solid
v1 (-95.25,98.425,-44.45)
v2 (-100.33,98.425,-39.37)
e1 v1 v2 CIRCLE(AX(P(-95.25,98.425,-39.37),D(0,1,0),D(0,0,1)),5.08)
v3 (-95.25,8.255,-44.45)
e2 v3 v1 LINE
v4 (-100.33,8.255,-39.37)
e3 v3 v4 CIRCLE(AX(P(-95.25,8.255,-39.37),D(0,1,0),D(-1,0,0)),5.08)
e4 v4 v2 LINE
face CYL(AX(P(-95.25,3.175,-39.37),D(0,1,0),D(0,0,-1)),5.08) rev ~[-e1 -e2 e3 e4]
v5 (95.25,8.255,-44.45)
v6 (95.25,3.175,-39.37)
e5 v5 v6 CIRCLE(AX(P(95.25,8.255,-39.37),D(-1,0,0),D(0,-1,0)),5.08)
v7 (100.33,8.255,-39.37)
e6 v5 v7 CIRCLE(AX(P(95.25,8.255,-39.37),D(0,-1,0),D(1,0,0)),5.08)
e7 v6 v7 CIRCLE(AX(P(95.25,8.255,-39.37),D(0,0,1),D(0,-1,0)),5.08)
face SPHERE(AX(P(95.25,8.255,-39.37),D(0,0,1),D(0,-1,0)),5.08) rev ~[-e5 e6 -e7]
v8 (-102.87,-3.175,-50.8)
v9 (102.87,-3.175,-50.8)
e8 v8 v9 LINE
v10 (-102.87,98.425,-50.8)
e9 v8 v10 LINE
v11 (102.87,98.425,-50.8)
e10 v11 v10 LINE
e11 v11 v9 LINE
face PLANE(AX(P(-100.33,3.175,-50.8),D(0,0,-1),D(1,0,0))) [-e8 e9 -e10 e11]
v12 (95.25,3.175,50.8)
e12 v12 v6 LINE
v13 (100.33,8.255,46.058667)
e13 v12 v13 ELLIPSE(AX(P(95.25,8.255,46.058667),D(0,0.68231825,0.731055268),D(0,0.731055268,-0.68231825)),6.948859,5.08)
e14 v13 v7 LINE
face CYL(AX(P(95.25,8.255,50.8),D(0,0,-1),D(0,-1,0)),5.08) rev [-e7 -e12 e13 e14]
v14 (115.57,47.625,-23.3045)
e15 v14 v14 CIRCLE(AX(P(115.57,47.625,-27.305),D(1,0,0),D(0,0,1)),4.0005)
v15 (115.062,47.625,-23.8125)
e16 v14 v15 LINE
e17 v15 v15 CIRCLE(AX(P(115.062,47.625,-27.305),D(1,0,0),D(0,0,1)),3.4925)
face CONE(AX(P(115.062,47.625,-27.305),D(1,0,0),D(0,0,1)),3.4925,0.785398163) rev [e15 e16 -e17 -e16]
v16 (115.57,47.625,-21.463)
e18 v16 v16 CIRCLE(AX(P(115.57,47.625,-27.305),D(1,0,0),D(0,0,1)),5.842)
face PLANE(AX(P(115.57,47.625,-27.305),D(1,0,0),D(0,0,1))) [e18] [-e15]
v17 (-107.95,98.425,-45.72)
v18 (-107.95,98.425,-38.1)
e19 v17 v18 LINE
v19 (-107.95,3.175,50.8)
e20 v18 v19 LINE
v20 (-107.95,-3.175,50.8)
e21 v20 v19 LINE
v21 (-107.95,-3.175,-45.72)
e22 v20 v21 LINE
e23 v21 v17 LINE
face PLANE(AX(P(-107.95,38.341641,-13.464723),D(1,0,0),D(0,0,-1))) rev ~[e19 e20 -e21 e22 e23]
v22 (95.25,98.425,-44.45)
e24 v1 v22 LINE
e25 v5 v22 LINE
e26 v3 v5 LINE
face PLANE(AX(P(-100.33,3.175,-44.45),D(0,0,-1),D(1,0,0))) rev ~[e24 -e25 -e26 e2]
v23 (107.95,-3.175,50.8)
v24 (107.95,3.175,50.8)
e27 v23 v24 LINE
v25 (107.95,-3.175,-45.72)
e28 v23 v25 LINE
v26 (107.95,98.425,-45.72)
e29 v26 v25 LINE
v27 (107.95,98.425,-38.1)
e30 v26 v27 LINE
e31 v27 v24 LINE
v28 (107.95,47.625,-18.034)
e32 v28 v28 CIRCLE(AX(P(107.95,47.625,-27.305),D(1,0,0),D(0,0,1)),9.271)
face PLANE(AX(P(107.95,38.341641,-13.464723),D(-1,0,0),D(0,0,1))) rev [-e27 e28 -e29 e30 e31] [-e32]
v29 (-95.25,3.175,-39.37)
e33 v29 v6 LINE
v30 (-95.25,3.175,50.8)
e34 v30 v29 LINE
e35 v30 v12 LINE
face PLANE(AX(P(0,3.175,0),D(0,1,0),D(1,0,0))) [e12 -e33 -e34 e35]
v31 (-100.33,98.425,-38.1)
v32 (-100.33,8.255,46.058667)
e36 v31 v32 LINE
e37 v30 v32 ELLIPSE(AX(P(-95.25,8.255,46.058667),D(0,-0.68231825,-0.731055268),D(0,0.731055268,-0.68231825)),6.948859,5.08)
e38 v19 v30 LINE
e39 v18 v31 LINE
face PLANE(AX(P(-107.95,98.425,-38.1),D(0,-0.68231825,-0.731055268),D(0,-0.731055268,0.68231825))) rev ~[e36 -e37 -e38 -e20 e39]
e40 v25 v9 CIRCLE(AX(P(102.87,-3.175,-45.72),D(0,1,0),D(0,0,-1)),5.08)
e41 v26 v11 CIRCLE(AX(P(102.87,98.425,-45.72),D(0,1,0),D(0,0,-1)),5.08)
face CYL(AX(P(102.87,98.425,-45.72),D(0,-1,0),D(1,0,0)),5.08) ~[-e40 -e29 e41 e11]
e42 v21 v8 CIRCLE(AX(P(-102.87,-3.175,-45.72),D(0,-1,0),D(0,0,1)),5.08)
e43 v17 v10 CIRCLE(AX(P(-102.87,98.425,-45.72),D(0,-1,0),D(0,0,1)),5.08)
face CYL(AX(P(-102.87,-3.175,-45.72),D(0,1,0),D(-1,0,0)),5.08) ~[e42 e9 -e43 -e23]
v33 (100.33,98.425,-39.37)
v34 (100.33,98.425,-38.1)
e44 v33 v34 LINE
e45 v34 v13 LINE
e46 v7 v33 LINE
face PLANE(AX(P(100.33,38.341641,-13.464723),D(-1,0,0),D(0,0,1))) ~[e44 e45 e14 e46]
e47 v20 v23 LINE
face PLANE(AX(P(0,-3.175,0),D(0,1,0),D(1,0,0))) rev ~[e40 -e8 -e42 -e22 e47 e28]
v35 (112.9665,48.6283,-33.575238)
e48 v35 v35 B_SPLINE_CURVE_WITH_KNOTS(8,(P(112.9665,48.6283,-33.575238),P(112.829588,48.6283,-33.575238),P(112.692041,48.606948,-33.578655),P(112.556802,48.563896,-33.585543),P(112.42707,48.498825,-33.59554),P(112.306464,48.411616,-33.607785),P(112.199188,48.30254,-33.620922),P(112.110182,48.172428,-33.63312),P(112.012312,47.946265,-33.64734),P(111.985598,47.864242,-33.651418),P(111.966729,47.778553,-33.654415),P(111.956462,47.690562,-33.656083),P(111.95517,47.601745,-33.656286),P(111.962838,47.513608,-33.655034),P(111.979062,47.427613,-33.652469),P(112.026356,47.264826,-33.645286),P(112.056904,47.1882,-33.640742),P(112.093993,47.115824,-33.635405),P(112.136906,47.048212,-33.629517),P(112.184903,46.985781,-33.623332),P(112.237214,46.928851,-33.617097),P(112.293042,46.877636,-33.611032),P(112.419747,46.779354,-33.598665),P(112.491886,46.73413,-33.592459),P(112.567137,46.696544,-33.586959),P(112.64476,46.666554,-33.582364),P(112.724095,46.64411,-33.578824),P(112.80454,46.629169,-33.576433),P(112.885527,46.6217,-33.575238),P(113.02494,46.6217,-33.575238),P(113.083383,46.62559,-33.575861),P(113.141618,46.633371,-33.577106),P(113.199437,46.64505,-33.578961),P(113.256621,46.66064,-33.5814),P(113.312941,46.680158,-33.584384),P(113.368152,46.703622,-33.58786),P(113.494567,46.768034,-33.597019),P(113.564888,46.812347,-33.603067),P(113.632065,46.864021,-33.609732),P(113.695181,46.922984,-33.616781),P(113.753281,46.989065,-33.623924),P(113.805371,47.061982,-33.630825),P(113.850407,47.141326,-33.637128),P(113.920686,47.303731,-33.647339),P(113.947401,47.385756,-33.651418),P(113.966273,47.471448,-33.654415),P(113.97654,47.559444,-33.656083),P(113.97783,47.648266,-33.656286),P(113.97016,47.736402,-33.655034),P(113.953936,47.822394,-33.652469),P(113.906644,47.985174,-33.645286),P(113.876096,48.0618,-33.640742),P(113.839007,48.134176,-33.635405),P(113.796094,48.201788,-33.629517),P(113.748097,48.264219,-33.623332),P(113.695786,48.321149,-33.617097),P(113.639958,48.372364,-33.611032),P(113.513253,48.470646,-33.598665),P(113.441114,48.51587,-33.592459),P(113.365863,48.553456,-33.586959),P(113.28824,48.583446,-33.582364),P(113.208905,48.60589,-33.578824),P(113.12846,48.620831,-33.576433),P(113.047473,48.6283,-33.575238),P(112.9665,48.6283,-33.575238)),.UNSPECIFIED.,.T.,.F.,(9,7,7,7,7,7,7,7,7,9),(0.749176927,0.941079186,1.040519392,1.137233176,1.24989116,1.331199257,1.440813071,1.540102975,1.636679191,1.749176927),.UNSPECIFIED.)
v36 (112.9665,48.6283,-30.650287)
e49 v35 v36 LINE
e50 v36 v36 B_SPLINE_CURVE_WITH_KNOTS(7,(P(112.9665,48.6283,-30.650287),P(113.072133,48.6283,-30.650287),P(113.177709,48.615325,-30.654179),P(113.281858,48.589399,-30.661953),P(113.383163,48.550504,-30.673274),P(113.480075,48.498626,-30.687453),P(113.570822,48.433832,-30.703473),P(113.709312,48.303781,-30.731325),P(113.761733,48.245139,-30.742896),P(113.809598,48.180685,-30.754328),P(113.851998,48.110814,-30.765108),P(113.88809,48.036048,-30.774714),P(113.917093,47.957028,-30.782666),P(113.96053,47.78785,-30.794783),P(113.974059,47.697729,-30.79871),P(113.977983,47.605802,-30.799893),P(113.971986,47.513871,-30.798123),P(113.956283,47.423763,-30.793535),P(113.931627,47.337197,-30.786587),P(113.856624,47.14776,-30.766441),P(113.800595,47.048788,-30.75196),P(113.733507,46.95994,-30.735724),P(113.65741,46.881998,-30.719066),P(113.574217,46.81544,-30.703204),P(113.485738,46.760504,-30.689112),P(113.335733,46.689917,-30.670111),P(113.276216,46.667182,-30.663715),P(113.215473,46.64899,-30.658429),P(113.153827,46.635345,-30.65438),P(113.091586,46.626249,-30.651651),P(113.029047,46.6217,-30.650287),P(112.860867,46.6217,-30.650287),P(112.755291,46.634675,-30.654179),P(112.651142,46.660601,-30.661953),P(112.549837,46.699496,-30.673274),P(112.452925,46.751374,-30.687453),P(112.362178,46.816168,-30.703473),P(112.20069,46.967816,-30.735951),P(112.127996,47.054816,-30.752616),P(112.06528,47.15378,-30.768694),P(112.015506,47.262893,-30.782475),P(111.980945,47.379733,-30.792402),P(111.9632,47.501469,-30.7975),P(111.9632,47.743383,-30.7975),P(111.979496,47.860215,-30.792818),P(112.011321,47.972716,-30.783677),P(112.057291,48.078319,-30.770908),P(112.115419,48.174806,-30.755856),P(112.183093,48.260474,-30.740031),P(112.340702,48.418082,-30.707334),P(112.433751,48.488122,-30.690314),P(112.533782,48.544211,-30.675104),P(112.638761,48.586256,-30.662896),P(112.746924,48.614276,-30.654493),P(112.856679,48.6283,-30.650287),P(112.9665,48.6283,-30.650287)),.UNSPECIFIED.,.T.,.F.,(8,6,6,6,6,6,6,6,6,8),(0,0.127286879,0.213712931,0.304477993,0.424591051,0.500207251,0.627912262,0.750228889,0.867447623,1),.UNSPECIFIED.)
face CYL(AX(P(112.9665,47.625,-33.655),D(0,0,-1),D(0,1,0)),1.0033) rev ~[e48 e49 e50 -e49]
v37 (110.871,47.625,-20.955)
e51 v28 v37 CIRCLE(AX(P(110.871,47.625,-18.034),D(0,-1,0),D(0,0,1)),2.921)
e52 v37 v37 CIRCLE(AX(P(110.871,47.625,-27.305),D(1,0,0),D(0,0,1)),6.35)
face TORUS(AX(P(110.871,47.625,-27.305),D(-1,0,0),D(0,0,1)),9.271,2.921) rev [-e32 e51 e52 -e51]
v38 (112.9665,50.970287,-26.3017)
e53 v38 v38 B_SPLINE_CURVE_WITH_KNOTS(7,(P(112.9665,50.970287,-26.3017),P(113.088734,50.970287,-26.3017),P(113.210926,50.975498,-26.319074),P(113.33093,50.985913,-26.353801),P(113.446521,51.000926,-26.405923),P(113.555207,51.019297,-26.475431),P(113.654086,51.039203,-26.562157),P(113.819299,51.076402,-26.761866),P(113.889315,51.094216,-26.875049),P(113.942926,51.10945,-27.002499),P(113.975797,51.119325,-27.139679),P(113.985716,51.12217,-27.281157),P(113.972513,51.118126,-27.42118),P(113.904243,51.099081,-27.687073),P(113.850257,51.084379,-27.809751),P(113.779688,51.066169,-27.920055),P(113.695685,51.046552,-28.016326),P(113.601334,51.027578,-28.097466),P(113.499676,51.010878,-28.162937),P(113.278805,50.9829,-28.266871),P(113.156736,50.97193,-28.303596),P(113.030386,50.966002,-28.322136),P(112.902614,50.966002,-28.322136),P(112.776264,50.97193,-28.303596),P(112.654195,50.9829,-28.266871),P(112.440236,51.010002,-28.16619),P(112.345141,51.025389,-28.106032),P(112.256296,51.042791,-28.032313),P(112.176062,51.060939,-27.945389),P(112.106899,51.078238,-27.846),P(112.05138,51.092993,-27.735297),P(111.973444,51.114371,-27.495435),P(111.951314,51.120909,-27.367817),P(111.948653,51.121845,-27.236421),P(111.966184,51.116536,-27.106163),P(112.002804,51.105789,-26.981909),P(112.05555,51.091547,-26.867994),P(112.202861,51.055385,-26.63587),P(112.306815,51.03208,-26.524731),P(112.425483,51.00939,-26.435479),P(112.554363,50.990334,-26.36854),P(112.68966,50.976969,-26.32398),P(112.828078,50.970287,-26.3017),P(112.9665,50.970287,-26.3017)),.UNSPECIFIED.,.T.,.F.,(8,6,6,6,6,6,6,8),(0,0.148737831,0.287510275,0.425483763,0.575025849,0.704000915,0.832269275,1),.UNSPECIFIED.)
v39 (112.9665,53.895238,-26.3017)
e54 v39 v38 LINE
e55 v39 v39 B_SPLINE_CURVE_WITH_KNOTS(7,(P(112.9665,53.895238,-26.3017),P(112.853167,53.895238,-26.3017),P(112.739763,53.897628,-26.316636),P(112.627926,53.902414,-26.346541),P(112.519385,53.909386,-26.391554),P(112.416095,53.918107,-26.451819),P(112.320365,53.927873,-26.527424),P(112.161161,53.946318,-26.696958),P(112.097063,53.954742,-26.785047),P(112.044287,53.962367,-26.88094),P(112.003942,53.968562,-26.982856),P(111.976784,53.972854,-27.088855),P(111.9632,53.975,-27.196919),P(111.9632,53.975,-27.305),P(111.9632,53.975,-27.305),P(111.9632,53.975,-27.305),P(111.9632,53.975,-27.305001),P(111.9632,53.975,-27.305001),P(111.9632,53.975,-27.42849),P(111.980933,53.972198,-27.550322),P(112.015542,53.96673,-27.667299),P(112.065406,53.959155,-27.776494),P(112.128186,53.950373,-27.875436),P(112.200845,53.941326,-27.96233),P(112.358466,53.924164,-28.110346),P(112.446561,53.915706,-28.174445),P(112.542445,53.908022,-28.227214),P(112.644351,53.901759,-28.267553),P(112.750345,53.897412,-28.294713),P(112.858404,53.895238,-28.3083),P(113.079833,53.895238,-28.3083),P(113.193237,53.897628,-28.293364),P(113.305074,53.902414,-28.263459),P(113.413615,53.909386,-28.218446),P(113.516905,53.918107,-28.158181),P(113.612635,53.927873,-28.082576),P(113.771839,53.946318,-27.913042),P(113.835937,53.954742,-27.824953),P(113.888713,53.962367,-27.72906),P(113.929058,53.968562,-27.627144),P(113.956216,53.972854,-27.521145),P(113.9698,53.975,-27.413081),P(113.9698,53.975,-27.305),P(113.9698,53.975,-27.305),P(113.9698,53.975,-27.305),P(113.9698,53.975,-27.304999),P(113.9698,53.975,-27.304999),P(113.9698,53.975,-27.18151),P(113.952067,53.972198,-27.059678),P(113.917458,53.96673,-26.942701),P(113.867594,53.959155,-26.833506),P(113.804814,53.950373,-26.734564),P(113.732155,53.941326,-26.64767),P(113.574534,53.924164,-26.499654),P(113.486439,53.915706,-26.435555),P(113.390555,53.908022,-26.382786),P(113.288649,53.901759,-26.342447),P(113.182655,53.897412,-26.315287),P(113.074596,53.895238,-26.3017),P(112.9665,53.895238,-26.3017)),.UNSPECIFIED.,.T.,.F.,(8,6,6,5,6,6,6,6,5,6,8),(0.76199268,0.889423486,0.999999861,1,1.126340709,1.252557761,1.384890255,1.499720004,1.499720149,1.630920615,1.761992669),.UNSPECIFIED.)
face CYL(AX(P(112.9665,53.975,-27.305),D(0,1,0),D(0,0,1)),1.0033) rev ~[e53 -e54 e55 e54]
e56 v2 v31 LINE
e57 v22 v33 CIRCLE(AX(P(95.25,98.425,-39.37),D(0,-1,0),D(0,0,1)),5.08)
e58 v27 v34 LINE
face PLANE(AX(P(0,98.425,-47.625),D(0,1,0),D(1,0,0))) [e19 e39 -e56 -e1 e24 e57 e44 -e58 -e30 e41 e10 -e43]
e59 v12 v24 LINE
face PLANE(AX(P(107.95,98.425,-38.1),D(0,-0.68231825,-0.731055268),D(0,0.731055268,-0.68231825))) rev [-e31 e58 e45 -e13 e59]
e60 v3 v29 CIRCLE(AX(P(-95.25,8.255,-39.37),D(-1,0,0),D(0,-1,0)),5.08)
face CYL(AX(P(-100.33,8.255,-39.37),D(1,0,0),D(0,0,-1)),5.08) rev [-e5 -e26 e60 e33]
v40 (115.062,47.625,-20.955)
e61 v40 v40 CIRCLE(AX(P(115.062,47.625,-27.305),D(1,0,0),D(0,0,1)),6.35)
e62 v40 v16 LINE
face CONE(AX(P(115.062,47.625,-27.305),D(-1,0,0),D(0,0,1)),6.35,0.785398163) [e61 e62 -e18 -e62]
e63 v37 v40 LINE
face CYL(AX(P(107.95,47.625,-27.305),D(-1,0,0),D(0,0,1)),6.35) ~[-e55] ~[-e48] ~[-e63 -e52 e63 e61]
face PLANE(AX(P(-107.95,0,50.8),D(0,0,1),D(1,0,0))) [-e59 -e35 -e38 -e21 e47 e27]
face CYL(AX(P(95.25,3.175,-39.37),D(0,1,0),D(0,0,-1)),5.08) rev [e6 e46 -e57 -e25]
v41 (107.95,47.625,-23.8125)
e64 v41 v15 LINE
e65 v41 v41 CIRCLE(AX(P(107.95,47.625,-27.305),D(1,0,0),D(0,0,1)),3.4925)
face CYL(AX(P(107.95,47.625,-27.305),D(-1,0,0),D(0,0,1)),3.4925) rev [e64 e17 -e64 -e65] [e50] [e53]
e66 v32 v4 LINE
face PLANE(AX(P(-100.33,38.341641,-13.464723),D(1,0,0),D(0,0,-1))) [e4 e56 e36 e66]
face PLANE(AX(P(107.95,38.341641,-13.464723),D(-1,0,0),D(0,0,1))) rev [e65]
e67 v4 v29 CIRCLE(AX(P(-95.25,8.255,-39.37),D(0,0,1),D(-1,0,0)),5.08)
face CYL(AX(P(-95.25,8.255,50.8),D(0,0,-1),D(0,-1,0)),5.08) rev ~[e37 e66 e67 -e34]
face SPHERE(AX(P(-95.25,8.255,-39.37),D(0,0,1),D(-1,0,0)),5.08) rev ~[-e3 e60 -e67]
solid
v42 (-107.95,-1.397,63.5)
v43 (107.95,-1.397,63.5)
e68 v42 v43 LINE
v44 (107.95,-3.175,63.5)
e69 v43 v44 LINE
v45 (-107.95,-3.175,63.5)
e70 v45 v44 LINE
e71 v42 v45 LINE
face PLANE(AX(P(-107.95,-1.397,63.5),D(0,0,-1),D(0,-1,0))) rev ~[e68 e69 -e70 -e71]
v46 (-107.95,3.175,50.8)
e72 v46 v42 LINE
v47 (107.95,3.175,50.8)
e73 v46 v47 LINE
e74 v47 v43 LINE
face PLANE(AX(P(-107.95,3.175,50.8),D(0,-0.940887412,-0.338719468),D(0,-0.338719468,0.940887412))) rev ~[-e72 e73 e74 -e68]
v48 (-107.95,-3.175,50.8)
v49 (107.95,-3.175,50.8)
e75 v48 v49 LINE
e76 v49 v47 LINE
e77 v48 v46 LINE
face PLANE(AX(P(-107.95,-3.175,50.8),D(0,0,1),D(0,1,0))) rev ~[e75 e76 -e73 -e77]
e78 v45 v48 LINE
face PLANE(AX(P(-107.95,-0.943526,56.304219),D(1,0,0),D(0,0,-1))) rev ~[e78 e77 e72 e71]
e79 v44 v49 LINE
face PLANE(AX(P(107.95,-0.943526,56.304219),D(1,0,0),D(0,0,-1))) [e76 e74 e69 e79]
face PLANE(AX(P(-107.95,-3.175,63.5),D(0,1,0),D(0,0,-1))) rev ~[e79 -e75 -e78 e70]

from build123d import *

# Parameters (mm, degrees)
SKETCH1_W           = 215.9
SKETCH1_H           = 101.6
BOSS_EXTRUDE1_DEPTH = 3.175
BOSS_EXTRUDE2_DEPTH = 7.62
SKETCH4_W           = 200.66
SKETCH4_H           = 6.35
BOSS_EXTRUDE3_DEPTH = 95.25
BOSS_EXTRUDE4_DEPTH = 215.9
FILLET2_R           = 5.08
FILLET3_R           = 5.08
SKETCH6_R           = 6.35
SKETCH6_R_2         = 3.4925
BOSS_EXTRUDE5_DEPTH = 7.62
FILLET4_R           = 2.921
CHAMFER1_SIZE       = 0.508
SKETCH7_R           = 1.0033
CUT_EXTRUDE1_DEPTH  = 3.81
CIRPATTERN1_COUNT   = 2
CIRPATTERN1_ANGLE   = 90


with BuildPart() as part:
    # Sketch1 → Boss-Extrude1 (new, symmetric)
    with BuildSketch(Plane(origin=(0, 0, 0), x_dir=(1, 0, 0), z_dir=(0, 1, 0))):
        Rectangle(SKETCH1_W, SKETCH1_H)
    extrude(amount=BOSS_EXTRUDE1_DEPTH, both=True)

    # Sketch3 → Boss-Extrude2 (add)
    with BuildSketch(Plane.ZY.offset(107.95)):
        Polygon((-50.8, 3.175), (-50.8, 98.425), (-38.1, 98.425), (50.8, 3.175), align=None)
    boss_extrude2 = extrude(amount=-BOSS_EXTRUDE2_DEPTH)

    # Mirror1: Boss-Extrude2 across plane
    add(boss_extrude2.mirror(Plane(origin=(0, 0, 0), x_dir=(0, 0, 1), z_dir=(1, 0, 0))))

    # Sketch4 → Boss-Extrude3 (add)
    with BuildSketch(Plane(origin=(0, 3.175, 0), x_dir=(1, 0, 0), z_dir=(0, 1, 0))):
        with Locations((0, 47.625)):
            Rectangle(SKETCH4_W, SKETCH4_H)
    extrude(amount=BOSS_EXTRUDE3_DEPTH)

    # Fillet2
    fillet2_edges = [part.edges().sort_by_distance(p)[0] for p in [
        (100.33, 3.175, 3.175),
        (-100.33, 3.175, 3.175),
        (-100.33, 50.8, -44.45),
        (0, 3.175, -44.45),
        (100.33, 50.8, -44.45),
    ]]
    fillet(fillet2_edges, radius=FILLET2_R)

    # Fillet3
    fillet3_edges = [part.edges().sort_by_distance(p)[0] for p in [
        (-107.95, 47.625, -50.8),
        (107.95, 47.625, -50.8),
    ]]
    fillet(fillet3_edges, radius=FILLET3_R)

    # Sketch6 → Boss-Extrude5 (add)
    with BuildSketch(Plane(origin=(107.95, 0, 0), x_dir=(0, 0, -1), z_dir=(1, 0, 0))):
        with Locations(Location((27.305, 47.625, 0), (0, 0, 180))):
            Circle(SKETCH6_R)
        with Locations(Location((27.305, 47.625, 0), (0, 0, 180))):
            Circle(SKETCH6_R_2, mode=Mode.SUBTRACT)
    extrude(amount=BOSS_EXTRUDE5_DEPTH)

    # Fillet4
    fillet4_edges = [part.edges().sort_by_distance(p)[0] for p in [
        (107.95, 47.625, -33.655),
    ]]
    fillet(fillet4_edges, radius=FILLET4_R)

    # Chamfer1
    chamfer1_edges = [part.edges().sort_by_distance(p)[0] for p in [
        (115.57, 47.625, -33.655),
        (115.57, 47.625, -30.7975),
    ]]
    chamfer(chamfer1_edges, length=CHAMFER1_SIZE)

    # Sketch7 → Cut-Extrude1 (cut)
    with BuildSketch(Plane(origin=(0, 53.975, 0), x_dir=(1, 0, 0), z_dir=(0, 1, 0))):
        with Locations(Location((112.9665, 27.305, 0), (0, 0, 270))):
            Circle(SKETCH7_R)
    cut_extrude1 = extrude(amount=-CUT_EXTRUDE1_DEPTH, mode=Mode.SUBTRACT)

    # CirPattern1: Cut-Extrude1 ×2 about axis
    cirpattern1_axis = Axis((115.57, 47.625, -27.305), (-1, 0, 0))
    for i in range(1, CIRPATTERN1_COUNT):
        add(cut_extrude1.rotate(cirpattern1_axis, i * CIRPATTERN1_ANGLE / (CIRPATTERN1_COUNT - 1)), mode=Mode.SUBTRACT)


with BuildPart() as body_2:
    # Sketch5 → Boss-Extrude4 (new body)
    with BuildSketch(Plane.ZY.offset(107.95)):
        Polygon((63.5, -3.175), (50.8, -3.175), (50.8, 3.175), (63.5, -1.397), align=None)
    extrude(amount=-BOSS_EXTRUDE4_DEPTH)


solid = Compound([part.part, body_2.part])
